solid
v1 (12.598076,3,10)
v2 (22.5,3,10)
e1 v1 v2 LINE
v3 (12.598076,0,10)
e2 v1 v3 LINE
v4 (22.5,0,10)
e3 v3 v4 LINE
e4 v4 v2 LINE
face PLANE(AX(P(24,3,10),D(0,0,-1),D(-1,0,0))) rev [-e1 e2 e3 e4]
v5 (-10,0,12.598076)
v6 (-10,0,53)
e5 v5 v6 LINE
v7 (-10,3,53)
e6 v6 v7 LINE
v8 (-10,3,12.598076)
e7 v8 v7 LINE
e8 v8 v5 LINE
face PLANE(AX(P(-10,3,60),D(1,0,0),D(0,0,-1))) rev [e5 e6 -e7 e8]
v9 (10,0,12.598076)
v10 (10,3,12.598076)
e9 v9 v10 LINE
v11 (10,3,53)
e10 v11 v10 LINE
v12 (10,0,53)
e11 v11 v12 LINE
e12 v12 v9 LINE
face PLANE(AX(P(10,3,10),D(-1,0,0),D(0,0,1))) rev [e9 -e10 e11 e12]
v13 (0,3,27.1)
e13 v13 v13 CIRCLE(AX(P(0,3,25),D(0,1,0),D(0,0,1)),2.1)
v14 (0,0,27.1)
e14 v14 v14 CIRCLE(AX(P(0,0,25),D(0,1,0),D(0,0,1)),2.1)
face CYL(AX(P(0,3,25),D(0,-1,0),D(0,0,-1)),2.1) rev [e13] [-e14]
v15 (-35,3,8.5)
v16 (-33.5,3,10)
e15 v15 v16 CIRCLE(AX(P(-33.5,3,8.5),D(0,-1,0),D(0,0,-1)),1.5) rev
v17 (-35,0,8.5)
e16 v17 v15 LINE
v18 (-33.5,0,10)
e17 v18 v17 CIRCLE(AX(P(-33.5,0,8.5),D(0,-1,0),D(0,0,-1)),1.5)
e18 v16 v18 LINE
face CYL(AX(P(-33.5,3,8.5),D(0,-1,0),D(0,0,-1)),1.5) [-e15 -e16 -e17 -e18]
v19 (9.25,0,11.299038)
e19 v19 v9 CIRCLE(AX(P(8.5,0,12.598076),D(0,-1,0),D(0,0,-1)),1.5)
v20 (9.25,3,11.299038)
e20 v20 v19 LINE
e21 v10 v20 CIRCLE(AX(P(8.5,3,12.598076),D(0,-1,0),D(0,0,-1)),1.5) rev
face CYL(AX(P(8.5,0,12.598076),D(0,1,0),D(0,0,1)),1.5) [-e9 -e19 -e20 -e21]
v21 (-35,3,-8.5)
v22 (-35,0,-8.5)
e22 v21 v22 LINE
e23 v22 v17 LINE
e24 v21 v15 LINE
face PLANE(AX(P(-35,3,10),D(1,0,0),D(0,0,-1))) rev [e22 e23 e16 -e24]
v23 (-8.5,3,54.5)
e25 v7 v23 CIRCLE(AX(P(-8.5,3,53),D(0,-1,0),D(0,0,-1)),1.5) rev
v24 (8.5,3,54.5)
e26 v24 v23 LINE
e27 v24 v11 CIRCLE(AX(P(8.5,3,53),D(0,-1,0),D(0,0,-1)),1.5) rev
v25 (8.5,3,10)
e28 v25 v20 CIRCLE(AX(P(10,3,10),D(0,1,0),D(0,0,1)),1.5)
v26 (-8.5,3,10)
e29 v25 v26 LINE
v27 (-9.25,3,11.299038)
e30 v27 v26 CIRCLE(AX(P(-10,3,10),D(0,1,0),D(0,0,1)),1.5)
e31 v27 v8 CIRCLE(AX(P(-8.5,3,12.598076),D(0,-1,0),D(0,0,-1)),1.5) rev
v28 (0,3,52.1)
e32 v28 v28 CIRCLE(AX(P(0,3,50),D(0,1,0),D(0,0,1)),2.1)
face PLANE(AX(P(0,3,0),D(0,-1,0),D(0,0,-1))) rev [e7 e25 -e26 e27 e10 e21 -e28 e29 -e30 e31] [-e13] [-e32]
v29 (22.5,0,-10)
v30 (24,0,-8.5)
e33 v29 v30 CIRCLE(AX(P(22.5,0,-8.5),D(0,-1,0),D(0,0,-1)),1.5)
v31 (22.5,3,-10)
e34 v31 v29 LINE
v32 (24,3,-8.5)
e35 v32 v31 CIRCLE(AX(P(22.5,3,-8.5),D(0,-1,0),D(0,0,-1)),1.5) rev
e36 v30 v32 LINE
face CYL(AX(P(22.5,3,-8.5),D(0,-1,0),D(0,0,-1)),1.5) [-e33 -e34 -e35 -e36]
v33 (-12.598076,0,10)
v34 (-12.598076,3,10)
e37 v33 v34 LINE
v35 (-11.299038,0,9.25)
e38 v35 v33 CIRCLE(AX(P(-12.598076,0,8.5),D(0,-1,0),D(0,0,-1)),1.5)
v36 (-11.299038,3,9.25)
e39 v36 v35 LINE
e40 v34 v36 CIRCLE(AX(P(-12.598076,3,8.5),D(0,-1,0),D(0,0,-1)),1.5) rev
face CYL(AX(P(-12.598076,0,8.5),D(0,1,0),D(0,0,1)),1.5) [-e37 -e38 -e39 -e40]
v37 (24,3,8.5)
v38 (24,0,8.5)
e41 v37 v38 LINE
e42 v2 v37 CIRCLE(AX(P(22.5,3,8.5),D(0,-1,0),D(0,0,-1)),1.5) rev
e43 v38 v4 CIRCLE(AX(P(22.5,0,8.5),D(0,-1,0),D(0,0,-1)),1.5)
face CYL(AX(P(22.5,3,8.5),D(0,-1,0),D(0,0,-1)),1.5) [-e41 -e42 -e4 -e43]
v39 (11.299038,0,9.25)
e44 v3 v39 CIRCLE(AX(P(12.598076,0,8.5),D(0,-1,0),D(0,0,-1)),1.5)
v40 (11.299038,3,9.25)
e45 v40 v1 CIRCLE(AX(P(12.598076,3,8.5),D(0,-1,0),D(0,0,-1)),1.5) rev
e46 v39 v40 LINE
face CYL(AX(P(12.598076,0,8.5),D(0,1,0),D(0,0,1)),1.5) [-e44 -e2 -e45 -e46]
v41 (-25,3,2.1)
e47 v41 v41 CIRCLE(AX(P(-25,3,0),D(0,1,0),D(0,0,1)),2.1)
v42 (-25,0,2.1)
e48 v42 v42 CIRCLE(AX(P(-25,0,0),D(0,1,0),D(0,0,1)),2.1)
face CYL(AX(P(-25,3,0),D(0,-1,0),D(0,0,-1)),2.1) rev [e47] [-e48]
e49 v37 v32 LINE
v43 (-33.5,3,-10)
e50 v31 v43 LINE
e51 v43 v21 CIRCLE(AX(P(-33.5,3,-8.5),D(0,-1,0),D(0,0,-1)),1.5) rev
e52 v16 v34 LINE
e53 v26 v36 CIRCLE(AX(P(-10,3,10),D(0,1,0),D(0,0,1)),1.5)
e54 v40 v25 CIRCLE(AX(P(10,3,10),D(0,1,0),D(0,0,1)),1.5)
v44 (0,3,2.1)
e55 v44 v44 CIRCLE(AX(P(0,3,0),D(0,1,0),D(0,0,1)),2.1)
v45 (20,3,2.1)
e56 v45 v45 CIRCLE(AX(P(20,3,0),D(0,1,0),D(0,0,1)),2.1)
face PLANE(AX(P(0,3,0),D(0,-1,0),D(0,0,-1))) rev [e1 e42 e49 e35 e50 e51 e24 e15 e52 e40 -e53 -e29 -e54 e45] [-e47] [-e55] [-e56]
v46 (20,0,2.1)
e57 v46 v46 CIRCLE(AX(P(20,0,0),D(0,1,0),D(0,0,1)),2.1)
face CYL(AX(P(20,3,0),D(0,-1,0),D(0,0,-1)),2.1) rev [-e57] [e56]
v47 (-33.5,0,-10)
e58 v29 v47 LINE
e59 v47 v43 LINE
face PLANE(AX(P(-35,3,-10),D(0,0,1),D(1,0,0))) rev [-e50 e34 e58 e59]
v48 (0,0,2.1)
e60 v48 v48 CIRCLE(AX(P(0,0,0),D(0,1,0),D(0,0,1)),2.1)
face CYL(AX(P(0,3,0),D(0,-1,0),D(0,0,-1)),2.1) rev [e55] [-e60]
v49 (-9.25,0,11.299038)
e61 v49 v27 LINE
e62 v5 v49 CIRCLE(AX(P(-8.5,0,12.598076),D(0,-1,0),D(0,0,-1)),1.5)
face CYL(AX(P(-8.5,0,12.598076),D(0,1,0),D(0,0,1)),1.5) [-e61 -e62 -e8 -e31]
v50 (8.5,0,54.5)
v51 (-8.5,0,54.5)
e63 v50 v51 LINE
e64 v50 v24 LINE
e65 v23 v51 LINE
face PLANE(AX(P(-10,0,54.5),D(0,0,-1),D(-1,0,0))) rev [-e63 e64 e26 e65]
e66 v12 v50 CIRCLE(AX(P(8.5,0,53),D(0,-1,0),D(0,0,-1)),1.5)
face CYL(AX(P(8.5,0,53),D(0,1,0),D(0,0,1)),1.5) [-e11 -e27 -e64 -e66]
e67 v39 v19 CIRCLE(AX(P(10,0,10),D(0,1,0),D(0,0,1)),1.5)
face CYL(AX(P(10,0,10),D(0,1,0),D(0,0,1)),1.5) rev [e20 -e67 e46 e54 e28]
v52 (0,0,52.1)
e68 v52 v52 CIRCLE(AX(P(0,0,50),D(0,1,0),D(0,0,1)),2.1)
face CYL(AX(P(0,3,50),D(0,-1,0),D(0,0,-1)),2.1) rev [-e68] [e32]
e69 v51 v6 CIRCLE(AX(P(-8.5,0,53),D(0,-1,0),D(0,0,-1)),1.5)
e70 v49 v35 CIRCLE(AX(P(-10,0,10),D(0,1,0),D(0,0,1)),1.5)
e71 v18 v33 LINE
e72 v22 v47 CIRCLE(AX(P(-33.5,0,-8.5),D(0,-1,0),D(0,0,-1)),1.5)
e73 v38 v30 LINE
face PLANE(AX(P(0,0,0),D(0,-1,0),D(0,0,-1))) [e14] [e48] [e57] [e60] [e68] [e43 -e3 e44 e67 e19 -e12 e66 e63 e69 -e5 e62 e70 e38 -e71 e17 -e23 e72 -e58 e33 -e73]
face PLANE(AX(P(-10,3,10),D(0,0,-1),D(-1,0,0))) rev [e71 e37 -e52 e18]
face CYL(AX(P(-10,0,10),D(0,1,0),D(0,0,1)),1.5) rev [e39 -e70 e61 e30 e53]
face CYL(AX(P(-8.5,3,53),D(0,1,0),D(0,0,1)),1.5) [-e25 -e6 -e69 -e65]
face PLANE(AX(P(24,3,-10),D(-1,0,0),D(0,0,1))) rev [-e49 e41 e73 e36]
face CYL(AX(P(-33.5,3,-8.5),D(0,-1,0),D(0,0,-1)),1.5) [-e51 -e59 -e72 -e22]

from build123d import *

# Parameters (mm, degrees)
SKETCH_1_R          = 2.1
EXTRUDE_1_DEPTH     = 3
SKETCH_2_W          = 20
SKETCH_2_H          = 5.5
CUT_EXTRUDE_1_DEPTH = 3
SKETCH_3_R          = 1.5
CUT_EXTRUDE_3_DEPTH = 3
FILLET_2_R          = 1.5


with BuildPart() as part:
    # 草图1 → 凸台-拉伸1 (new body)
    with BuildSketch(Plane(origin=(0, 0, 0), x_dir=(1, 0, 0), z_dir=(0, 1, 0))):
        Polygon((-35, 10), (24, 10), (24, -10), (10, -10), (10, -60), (-10, -60), (-10, -10), (-35, -10), align=None)
        with Locations(Location((0, 0, 0), (0, 0, 270))):
            Circle(SKETCH_1_R, mode=Mode.SUBTRACT)
        with Locations(Location((20, 0, 0), (0, 0, 270))):
            Circle(SKETCH_1_R, mode=Mode.SUBTRACT)
        with Locations(Location((-25, 0, 0), (0, 0, 270))):
            Circle(SKETCH_1_R, mode=Mode.SUBTRACT)
        with Locations(Location((0, -25, 0), (0, 0, 270))):
            Circle(SKETCH_1_R, mode=Mode.SUBTRACT)
        with Locations(Location((0, -50, 0), (0, 0, 270))):
            Circle(SKETCH_1_R, mode=Mode.SUBTRACT)
    extrude(amount=EXTRUDE_1_DEPTH)

    # 草图2 → 切除-拉伸1 (cut)
    with BuildSketch(Plane(origin=(0, 3, 0), x_dir=(1, 0, 0), z_dir=(0, 1, 0))):
        with Locations((0, -57.25)):
            Rectangle(SKETCH_2_W, SKETCH_2_H)
    extrude(amount=-CUT_EXTRUDE_1_DEPTH, mode=Mode.SUBTRACT)

    # 草图3 → 切除-拉伸3 (cut)
    with BuildSketch(Plane(origin=(0, 3, 0), x_dir=(1, 0, 0), z_dir=(0, 1, 0))):
        with Locations((10, -10)):
            Circle(SKETCH_3_R)
        with Locations((-10, -10)):
            Circle(SKETCH_3_R)
    extrude(amount=-CUT_EXTRUDE_3_DEPTH, mode=Mode.SUBTRACT)

    # 圆角2
    fillet_2_edges = [part.edges().sort_by_distance(p)[0] for p in [
        (-35, 1.5, 10),
        (-35, 1.5, -10),
        (24, 1.5, -10),
        (24, 1.5, 10),
        (-10, 1.5, 54.5),
        (10, 1.5, 54.5),
        (11.5, 1.5, 10),
        (-10, 1.5, 11.5),
        (10, 1.5, 11.5),
        (-11.5, 1.5, 10),
    ]]
    fillet(fillet_2_edges, radius=FILLET_2_R)


solid = part.part
